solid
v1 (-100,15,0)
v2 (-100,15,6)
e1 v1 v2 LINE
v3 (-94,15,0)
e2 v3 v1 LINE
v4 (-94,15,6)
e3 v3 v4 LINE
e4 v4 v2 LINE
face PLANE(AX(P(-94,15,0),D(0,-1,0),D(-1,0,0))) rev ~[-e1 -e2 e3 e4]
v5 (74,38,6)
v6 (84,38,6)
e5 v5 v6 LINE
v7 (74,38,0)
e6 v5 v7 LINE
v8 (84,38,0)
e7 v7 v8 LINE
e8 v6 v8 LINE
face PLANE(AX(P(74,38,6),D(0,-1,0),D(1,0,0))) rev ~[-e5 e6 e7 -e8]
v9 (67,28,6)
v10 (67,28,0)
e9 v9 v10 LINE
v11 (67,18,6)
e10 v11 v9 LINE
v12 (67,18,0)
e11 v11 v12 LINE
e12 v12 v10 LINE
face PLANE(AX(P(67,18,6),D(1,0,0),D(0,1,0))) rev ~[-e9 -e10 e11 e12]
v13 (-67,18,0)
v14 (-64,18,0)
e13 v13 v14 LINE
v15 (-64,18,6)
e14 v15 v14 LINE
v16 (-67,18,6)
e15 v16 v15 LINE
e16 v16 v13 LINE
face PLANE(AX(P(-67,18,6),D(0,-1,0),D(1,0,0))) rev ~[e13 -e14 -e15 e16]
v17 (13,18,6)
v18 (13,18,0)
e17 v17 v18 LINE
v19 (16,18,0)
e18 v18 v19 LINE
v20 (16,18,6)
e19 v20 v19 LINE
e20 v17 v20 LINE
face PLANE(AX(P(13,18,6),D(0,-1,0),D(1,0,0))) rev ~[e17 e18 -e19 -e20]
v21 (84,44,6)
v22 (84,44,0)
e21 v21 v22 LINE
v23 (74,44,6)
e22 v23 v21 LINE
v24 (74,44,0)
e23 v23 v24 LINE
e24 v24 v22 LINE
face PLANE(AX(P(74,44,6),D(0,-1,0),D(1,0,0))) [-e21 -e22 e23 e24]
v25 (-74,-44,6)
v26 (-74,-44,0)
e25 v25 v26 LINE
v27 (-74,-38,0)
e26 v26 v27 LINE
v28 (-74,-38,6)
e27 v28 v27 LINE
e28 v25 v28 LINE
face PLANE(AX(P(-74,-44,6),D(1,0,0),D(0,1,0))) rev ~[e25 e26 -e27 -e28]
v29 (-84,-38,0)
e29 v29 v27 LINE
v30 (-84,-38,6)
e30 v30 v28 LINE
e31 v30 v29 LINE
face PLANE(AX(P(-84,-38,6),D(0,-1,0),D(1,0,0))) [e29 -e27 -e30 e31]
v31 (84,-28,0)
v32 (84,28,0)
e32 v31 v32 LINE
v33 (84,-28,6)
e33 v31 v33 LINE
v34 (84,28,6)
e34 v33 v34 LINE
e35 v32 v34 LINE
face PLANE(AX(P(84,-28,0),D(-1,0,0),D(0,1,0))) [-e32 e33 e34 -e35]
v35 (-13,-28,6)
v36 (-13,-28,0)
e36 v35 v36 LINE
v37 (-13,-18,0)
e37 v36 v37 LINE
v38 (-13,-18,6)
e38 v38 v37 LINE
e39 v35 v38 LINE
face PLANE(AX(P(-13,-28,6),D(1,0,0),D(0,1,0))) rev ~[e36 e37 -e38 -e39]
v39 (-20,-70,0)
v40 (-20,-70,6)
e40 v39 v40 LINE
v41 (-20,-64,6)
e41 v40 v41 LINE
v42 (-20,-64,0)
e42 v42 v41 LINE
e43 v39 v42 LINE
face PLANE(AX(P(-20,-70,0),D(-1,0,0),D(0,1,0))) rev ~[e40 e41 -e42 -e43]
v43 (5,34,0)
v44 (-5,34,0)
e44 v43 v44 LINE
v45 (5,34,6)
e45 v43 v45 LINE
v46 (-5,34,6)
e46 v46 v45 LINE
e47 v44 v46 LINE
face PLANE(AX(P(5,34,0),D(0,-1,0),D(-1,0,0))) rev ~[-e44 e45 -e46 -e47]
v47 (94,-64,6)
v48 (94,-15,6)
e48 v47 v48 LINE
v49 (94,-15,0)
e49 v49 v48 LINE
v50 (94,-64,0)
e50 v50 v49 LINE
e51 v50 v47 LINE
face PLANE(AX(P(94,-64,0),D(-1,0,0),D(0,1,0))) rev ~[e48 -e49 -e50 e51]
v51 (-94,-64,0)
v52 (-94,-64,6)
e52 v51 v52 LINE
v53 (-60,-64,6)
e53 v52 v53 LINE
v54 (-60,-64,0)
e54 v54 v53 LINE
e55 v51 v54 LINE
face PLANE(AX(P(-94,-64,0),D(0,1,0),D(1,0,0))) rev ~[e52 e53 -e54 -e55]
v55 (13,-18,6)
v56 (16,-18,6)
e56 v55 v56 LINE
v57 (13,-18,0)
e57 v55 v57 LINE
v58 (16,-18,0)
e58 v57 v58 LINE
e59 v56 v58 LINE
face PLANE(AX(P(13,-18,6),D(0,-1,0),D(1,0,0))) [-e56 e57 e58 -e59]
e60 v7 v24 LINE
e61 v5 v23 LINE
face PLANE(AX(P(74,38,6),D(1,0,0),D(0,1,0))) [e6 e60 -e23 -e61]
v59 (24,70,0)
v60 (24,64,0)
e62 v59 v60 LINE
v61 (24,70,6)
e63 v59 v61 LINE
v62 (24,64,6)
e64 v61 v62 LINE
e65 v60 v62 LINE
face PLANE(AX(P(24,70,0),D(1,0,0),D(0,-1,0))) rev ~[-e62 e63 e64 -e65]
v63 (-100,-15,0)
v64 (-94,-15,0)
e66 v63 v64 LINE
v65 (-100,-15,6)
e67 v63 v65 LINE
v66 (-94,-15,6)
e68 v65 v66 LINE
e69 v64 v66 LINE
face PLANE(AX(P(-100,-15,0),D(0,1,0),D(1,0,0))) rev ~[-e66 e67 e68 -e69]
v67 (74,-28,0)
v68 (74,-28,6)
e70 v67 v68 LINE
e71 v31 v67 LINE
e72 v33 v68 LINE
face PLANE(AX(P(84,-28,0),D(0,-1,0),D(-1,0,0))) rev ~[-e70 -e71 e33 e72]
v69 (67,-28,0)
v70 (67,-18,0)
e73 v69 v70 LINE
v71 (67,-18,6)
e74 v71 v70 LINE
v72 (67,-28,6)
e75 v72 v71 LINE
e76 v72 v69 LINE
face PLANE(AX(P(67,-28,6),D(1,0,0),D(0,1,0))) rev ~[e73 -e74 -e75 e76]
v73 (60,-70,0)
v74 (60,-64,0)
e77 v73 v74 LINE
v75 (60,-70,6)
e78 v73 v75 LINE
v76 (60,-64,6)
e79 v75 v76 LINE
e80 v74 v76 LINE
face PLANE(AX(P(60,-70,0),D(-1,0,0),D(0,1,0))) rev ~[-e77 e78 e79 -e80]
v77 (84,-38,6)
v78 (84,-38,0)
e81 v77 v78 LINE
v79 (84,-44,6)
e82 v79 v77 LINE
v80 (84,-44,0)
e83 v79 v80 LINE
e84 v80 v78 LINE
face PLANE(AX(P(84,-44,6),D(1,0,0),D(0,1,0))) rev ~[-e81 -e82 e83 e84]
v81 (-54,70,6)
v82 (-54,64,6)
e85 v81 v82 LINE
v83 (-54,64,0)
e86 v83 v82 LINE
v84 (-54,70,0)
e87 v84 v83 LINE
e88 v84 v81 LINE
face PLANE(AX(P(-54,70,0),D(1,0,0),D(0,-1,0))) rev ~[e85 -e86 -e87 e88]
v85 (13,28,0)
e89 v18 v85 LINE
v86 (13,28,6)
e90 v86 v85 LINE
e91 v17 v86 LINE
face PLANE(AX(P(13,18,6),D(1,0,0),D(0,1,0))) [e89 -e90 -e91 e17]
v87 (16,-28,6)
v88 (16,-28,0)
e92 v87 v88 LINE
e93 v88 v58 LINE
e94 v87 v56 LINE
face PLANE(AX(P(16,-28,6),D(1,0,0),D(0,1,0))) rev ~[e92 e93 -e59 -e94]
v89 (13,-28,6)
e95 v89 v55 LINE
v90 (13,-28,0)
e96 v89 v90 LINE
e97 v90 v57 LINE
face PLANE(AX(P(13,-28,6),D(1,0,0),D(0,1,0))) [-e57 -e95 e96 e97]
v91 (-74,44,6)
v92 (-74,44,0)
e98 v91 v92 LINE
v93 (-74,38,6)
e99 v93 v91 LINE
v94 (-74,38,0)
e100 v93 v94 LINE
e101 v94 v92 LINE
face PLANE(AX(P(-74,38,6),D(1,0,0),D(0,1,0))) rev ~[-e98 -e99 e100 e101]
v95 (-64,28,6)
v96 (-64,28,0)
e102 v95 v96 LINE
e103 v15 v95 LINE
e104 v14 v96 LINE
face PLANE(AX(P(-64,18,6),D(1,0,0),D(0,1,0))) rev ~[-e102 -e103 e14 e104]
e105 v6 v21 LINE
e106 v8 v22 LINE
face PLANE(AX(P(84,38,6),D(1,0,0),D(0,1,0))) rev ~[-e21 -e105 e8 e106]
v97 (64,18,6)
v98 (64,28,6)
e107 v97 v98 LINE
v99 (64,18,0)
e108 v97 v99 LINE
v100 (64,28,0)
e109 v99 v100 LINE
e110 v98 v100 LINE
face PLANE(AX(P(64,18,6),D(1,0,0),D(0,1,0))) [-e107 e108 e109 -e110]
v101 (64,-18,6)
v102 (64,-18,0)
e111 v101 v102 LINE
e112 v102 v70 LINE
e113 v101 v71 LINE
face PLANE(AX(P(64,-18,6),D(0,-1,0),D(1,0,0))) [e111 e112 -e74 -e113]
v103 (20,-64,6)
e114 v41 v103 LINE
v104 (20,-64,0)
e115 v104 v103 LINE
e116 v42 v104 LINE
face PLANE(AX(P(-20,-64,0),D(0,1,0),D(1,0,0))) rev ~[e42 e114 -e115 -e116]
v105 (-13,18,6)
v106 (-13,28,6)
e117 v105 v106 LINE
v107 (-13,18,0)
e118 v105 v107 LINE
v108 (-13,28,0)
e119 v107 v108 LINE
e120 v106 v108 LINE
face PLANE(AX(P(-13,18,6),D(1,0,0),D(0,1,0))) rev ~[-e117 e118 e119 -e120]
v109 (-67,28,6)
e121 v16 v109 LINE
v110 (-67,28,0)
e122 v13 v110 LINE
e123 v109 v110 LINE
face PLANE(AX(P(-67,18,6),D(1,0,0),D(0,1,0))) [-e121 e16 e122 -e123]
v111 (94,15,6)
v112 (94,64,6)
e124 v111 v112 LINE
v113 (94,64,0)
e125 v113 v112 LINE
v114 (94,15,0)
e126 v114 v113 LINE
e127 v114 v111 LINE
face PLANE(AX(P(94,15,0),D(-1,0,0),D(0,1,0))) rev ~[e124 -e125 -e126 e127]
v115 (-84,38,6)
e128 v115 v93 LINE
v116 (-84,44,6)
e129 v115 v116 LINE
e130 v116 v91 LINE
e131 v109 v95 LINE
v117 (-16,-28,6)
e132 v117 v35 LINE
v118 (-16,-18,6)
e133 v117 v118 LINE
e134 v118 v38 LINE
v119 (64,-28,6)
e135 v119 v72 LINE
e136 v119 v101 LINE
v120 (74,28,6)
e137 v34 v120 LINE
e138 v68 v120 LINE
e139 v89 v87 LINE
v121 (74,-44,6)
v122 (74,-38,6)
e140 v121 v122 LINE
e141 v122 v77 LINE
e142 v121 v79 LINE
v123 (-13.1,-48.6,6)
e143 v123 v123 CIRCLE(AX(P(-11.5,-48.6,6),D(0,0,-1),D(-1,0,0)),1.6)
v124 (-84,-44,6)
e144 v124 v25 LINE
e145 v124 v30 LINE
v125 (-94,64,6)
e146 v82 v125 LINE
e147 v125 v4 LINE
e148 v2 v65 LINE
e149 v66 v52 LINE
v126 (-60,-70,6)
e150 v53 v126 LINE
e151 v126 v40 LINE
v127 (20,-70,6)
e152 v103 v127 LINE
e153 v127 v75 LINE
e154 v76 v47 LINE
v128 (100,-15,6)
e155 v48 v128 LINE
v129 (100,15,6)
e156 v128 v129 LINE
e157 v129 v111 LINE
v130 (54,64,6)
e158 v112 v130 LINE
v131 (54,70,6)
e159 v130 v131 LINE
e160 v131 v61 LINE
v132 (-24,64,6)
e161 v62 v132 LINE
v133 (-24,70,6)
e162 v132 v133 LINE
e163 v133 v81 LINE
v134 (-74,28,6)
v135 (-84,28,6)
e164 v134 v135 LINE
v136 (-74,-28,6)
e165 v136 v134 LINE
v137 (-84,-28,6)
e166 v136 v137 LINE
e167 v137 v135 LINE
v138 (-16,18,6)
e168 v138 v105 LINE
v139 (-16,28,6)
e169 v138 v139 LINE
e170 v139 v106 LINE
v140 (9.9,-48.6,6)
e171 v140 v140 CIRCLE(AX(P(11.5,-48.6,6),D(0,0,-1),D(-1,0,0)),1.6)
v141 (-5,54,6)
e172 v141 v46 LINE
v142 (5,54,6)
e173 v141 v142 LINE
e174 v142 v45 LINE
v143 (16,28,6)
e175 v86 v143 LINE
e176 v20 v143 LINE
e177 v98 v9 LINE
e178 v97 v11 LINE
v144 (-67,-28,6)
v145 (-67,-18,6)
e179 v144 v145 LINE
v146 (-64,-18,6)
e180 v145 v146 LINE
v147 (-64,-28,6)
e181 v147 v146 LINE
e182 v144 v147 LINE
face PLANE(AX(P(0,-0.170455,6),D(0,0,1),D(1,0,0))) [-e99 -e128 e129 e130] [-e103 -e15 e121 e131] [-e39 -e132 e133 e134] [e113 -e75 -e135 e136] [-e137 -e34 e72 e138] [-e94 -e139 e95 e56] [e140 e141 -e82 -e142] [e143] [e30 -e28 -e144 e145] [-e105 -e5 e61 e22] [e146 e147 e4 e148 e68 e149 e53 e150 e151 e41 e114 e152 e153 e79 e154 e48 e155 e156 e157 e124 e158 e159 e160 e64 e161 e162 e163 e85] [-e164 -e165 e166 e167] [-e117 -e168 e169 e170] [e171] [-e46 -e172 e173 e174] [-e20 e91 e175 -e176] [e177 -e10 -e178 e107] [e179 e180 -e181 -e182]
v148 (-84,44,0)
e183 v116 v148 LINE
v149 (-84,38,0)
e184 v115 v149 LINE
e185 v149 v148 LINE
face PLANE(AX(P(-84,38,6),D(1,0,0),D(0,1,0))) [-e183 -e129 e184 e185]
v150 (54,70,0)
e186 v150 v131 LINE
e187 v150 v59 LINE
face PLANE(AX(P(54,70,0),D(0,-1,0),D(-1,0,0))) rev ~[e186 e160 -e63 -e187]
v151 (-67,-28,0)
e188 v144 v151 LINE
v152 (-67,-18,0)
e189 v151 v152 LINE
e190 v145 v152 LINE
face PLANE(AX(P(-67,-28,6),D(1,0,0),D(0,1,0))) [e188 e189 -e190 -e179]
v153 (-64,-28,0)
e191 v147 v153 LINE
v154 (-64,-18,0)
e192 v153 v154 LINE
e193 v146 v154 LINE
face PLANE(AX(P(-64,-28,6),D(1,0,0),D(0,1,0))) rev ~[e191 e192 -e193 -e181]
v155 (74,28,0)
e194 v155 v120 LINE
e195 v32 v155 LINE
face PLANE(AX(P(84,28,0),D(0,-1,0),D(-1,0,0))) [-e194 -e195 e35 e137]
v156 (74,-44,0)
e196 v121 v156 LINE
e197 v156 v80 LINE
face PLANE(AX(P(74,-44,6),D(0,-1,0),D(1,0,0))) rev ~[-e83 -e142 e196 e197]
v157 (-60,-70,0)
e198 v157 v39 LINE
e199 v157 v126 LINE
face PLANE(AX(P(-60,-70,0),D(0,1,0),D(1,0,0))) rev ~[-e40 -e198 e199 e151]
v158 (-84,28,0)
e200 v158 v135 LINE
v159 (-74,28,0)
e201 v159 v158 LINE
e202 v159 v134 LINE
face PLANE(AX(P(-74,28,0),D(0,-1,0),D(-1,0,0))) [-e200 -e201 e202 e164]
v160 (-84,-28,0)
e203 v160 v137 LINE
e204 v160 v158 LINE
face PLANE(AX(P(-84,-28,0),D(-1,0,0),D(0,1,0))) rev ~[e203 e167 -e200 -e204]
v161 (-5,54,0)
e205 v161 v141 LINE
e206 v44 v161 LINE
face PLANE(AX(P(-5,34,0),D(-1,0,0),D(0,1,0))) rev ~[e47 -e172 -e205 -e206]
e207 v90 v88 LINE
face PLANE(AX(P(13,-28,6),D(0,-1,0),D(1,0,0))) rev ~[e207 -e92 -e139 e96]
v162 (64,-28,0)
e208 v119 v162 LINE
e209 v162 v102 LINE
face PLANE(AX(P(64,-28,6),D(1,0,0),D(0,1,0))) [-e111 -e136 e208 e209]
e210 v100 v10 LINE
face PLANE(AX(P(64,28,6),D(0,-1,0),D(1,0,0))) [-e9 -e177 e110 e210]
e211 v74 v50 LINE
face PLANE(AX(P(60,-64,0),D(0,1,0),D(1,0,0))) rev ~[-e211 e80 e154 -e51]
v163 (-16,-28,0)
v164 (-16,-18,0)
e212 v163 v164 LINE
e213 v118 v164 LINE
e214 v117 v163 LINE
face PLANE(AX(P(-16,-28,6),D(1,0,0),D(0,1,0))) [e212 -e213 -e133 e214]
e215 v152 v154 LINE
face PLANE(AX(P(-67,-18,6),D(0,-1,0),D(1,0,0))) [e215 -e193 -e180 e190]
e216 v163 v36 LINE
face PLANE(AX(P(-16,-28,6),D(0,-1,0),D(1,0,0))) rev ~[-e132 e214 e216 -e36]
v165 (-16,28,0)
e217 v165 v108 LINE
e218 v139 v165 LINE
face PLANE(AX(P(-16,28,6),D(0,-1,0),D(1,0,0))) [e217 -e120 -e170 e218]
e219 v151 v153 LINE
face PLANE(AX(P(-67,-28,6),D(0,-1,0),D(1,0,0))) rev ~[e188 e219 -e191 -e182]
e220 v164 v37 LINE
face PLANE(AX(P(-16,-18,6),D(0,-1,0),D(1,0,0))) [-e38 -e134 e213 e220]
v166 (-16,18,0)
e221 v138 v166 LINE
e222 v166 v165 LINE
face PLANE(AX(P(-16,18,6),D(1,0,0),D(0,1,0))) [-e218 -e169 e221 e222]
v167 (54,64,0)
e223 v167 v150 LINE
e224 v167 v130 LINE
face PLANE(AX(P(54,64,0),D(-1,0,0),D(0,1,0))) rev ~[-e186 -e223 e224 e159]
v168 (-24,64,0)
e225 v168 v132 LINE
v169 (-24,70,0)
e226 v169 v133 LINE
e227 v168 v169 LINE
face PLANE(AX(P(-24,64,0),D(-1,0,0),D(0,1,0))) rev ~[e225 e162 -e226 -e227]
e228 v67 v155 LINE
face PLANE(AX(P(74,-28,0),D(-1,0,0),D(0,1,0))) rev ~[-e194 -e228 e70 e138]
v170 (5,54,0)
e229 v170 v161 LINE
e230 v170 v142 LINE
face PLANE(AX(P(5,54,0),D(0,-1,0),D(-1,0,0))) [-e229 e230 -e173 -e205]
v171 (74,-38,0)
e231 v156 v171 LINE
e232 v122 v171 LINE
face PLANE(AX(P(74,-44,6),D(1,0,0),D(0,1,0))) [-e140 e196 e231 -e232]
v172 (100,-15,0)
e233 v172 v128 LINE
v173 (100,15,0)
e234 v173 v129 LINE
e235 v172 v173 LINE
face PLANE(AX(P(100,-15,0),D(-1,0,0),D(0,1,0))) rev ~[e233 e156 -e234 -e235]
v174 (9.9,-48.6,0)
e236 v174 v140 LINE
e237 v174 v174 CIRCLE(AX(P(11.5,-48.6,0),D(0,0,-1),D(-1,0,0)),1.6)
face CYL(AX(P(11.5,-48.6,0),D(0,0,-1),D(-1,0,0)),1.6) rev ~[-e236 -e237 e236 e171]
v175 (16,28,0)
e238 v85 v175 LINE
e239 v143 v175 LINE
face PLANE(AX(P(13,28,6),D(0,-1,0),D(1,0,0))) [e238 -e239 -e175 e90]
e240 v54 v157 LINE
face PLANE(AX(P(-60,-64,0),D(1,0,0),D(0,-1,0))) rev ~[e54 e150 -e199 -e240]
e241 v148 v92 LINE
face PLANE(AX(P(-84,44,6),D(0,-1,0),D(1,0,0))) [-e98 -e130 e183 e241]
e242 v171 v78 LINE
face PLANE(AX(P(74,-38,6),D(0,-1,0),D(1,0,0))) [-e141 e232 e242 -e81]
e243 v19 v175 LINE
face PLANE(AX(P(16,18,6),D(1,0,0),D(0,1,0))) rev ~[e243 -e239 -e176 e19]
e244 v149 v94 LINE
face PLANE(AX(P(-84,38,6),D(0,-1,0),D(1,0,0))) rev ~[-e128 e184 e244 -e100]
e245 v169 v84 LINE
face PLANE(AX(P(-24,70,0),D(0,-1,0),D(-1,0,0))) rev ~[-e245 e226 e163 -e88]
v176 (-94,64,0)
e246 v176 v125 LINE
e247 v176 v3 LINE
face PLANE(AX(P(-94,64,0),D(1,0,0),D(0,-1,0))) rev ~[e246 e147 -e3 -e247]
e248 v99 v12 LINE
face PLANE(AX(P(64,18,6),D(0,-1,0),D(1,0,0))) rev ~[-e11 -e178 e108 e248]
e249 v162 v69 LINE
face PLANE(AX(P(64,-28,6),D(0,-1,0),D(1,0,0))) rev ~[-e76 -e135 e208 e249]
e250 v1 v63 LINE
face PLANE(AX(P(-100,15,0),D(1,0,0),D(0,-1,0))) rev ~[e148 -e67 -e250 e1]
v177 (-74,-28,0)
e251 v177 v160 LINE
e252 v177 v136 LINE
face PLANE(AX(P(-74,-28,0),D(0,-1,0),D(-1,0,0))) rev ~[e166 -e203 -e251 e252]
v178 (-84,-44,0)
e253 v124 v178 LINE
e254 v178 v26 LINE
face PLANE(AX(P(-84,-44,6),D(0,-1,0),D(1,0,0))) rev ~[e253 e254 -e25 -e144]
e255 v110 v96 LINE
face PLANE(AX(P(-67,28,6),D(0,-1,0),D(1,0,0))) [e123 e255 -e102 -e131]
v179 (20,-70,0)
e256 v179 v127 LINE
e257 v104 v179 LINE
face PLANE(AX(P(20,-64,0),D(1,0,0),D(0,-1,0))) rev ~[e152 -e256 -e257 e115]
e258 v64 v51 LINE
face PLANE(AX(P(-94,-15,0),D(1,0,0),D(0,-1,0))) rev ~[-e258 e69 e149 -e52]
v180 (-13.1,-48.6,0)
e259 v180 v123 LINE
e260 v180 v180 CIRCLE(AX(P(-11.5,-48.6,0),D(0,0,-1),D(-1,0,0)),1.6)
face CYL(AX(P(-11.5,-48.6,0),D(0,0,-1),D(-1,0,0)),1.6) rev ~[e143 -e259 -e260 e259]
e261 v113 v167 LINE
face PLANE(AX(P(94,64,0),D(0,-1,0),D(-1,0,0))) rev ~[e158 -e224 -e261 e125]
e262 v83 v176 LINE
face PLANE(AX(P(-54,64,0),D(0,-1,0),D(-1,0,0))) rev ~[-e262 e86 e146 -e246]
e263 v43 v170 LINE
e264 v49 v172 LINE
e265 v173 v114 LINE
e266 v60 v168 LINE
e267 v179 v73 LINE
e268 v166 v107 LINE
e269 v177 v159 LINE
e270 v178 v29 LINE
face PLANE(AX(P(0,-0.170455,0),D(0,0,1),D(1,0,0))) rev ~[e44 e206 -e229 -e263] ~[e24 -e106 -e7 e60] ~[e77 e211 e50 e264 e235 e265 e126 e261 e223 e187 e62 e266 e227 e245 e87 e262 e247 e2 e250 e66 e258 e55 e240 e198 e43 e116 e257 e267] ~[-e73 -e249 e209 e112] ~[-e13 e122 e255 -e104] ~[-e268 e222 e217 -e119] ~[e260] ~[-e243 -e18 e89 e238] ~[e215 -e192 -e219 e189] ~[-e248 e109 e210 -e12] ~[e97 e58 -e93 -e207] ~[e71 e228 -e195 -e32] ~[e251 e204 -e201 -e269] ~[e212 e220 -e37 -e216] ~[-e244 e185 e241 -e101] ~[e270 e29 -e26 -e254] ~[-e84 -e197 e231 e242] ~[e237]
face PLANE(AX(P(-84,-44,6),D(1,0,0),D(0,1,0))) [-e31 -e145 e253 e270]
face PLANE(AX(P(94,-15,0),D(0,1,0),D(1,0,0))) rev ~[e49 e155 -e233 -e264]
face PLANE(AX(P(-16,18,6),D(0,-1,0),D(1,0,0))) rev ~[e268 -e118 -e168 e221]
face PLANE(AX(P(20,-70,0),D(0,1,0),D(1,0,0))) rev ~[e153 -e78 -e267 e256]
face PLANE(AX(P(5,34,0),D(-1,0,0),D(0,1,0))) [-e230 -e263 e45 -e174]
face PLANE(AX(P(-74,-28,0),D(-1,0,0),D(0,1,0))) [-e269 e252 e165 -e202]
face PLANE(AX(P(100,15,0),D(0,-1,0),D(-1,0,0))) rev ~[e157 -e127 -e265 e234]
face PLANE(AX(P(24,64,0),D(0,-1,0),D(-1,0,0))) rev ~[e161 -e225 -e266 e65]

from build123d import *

# Parameters (mm, degrees)
BOSS_EXTRU_3_DEPTH      = 6
ESQUISSE2_W             = 3
ESQUISSE2_H             = 10
ENL_V_MAT_EXTRU_1_DEPTH = 10
ESQUISSE3_W             = 10
ESQUISSE3_H             = 6
ENL_V_MAT_EXTRU_2_DEPTH = 6
ESQUISSE4_W             = 10
ESQUISSE4_H             = 56
ENL_V_MAT_EXTRU_3_DEPTH = 6
ESQUISSE5_W             = 10
ESQUISSE5_H             = 20
ENL_V_MAT_EXTRU_4_DEPTH = 123.21292894
ESQUISSE6_R             = 1.6
ENL_V_MAT_EXTRU_5_DEPTH = 123.21292894


with BuildPart() as part:
    # Esquisse1 → Boss.-Extru.3 (new body)
    with BuildSketch(Plane.XY):
        Polygon((-94, 64), (-94, 15), (-100, 15), (-100, -15), (-94, -15), (-94, -64), (-60, -64), (-60, -70), (-20, -70), (-20, -64), (20, -64), (20, -70), (60, -70), (60, -64), (94, -64), (94, -15), (100, -15), (100, 15), (94, 15), (94, 64), (54, 64), (54, 70), (24, 70), (24, 64), (-24, 64), (-24, 70), (-54, 70), (-54, 64), align=None)
    extrude(amount=BOSS_EXTRU_3_DEPTH)

    # Esquisse2 → Enlèv. mat.-Extru.1 (cut)
    with BuildSketch(Plane.XY.offset(6)):
        with Locations((-65.5, -23)):
            Rectangle(ESQUISSE2_W, ESQUISSE2_H)
        with Locations((-65.5, 23)):
            Rectangle(ESQUISSE2_W, ESQUISSE2_H)
        with Locations((-14.5, -23)):
            Rectangle(ESQUISSE2_W, ESQUISSE2_H)
        with Locations((-14.5, 23)):
            Rectangle(ESQUISSE2_W, ESQUISSE2_H)
        with Locations((65.5, -23)):
            Rectangle(ESQUISSE2_W, ESQUISSE2_H)
        with Locations((14.5, 23)):
            Rectangle(ESQUISSE2_W, ESQUISSE2_H)
        with Locations((14.5, -23)):
            Rectangle(ESQUISSE2_W, ESQUISSE2_H)
        with Locations((65.5, 23)):
            Rectangle(ESQUISSE2_W, ESQUISSE2_H)
    extrude(amount=-ENL_V_MAT_EXTRU_1_DEPTH, mode=Mode.SUBTRACT)

    # Esquisse3 → Enlèv. mat.-Extru.2 (cut)
    with BuildSketch(Plane.XY.offset(6)):
        with Locations((-79, -41)):
            Rectangle(ESQUISSE3_W, ESQUISSE3_H)
        with Locations((79, -41)):
            Rectangle(ESQUISSE3_W, ESQUISSE3_H)
        with Locations((79, 41)):
            Rectangle(ESQUISSE3_W, ESQUISSE3_H)
        with Locations((-79, 41)):
            Rectangle(ESQUISSE3_W, ESQUISSE3_H)
    extrude(amount=-ENL_V_MAT_EXTRU_2_DEPTH, mode=Mode.SUBTRACT)

    # Esquisse4 → Enlèv. mat.-Extru.3 (cut)
    with BuildSketch(Plane(origin=(0, 0, 0), x_dir=(-1, 0, 0), z_dir=(0, 0, -1))):
        with Locations((79, 0)):
            Rectangle(ESQUISSE4_W, ESQUISSE4_H)
        with Locations((-79, 0)):
            Rectangle(ESQUISSE4_W, ESQUISSE4_H)
    extrude(amount=-ENL_V_MAT_EXTRU_3_DEPTH, mode=Mode.SUBTRACT)

    # Esquisse5 → Enlèv. mat.-Extru.4 (cut, through all)
    with BuildSketch(Plane(origin=(0, 0, 0), x_dir=(-1, 0, 0), z_dir=(0, 0, -1))):
        with Locations((0, 44)):
            Rectangle(ESQUISSE5_W, ESQUISSE5_H)
    extrude(amount=-ENL_V_MAT_EXTRU_4_DEPTH, mode=Mode.SUBTRACT)

    # Esquisse6 → Enlèv. mat.-Extru.5 (cut, through all)
    with BuildSketch(Plane(origin=(0, 0, 0), x_dir=(-1, 0, 0), z_dir=(0, 0, -1))):
        with Locations((-11.5, -48.6)):
            Circle(ESQUISSE6_R)
        with Locations((11.5, -48.6)):
            Circle(ESQUISSE6_R)
    extrude(amount=-ENL_V_MAT_EXTRU_5_DEPTH, mode=Mode.SUBTRACT)


solid = part.part
